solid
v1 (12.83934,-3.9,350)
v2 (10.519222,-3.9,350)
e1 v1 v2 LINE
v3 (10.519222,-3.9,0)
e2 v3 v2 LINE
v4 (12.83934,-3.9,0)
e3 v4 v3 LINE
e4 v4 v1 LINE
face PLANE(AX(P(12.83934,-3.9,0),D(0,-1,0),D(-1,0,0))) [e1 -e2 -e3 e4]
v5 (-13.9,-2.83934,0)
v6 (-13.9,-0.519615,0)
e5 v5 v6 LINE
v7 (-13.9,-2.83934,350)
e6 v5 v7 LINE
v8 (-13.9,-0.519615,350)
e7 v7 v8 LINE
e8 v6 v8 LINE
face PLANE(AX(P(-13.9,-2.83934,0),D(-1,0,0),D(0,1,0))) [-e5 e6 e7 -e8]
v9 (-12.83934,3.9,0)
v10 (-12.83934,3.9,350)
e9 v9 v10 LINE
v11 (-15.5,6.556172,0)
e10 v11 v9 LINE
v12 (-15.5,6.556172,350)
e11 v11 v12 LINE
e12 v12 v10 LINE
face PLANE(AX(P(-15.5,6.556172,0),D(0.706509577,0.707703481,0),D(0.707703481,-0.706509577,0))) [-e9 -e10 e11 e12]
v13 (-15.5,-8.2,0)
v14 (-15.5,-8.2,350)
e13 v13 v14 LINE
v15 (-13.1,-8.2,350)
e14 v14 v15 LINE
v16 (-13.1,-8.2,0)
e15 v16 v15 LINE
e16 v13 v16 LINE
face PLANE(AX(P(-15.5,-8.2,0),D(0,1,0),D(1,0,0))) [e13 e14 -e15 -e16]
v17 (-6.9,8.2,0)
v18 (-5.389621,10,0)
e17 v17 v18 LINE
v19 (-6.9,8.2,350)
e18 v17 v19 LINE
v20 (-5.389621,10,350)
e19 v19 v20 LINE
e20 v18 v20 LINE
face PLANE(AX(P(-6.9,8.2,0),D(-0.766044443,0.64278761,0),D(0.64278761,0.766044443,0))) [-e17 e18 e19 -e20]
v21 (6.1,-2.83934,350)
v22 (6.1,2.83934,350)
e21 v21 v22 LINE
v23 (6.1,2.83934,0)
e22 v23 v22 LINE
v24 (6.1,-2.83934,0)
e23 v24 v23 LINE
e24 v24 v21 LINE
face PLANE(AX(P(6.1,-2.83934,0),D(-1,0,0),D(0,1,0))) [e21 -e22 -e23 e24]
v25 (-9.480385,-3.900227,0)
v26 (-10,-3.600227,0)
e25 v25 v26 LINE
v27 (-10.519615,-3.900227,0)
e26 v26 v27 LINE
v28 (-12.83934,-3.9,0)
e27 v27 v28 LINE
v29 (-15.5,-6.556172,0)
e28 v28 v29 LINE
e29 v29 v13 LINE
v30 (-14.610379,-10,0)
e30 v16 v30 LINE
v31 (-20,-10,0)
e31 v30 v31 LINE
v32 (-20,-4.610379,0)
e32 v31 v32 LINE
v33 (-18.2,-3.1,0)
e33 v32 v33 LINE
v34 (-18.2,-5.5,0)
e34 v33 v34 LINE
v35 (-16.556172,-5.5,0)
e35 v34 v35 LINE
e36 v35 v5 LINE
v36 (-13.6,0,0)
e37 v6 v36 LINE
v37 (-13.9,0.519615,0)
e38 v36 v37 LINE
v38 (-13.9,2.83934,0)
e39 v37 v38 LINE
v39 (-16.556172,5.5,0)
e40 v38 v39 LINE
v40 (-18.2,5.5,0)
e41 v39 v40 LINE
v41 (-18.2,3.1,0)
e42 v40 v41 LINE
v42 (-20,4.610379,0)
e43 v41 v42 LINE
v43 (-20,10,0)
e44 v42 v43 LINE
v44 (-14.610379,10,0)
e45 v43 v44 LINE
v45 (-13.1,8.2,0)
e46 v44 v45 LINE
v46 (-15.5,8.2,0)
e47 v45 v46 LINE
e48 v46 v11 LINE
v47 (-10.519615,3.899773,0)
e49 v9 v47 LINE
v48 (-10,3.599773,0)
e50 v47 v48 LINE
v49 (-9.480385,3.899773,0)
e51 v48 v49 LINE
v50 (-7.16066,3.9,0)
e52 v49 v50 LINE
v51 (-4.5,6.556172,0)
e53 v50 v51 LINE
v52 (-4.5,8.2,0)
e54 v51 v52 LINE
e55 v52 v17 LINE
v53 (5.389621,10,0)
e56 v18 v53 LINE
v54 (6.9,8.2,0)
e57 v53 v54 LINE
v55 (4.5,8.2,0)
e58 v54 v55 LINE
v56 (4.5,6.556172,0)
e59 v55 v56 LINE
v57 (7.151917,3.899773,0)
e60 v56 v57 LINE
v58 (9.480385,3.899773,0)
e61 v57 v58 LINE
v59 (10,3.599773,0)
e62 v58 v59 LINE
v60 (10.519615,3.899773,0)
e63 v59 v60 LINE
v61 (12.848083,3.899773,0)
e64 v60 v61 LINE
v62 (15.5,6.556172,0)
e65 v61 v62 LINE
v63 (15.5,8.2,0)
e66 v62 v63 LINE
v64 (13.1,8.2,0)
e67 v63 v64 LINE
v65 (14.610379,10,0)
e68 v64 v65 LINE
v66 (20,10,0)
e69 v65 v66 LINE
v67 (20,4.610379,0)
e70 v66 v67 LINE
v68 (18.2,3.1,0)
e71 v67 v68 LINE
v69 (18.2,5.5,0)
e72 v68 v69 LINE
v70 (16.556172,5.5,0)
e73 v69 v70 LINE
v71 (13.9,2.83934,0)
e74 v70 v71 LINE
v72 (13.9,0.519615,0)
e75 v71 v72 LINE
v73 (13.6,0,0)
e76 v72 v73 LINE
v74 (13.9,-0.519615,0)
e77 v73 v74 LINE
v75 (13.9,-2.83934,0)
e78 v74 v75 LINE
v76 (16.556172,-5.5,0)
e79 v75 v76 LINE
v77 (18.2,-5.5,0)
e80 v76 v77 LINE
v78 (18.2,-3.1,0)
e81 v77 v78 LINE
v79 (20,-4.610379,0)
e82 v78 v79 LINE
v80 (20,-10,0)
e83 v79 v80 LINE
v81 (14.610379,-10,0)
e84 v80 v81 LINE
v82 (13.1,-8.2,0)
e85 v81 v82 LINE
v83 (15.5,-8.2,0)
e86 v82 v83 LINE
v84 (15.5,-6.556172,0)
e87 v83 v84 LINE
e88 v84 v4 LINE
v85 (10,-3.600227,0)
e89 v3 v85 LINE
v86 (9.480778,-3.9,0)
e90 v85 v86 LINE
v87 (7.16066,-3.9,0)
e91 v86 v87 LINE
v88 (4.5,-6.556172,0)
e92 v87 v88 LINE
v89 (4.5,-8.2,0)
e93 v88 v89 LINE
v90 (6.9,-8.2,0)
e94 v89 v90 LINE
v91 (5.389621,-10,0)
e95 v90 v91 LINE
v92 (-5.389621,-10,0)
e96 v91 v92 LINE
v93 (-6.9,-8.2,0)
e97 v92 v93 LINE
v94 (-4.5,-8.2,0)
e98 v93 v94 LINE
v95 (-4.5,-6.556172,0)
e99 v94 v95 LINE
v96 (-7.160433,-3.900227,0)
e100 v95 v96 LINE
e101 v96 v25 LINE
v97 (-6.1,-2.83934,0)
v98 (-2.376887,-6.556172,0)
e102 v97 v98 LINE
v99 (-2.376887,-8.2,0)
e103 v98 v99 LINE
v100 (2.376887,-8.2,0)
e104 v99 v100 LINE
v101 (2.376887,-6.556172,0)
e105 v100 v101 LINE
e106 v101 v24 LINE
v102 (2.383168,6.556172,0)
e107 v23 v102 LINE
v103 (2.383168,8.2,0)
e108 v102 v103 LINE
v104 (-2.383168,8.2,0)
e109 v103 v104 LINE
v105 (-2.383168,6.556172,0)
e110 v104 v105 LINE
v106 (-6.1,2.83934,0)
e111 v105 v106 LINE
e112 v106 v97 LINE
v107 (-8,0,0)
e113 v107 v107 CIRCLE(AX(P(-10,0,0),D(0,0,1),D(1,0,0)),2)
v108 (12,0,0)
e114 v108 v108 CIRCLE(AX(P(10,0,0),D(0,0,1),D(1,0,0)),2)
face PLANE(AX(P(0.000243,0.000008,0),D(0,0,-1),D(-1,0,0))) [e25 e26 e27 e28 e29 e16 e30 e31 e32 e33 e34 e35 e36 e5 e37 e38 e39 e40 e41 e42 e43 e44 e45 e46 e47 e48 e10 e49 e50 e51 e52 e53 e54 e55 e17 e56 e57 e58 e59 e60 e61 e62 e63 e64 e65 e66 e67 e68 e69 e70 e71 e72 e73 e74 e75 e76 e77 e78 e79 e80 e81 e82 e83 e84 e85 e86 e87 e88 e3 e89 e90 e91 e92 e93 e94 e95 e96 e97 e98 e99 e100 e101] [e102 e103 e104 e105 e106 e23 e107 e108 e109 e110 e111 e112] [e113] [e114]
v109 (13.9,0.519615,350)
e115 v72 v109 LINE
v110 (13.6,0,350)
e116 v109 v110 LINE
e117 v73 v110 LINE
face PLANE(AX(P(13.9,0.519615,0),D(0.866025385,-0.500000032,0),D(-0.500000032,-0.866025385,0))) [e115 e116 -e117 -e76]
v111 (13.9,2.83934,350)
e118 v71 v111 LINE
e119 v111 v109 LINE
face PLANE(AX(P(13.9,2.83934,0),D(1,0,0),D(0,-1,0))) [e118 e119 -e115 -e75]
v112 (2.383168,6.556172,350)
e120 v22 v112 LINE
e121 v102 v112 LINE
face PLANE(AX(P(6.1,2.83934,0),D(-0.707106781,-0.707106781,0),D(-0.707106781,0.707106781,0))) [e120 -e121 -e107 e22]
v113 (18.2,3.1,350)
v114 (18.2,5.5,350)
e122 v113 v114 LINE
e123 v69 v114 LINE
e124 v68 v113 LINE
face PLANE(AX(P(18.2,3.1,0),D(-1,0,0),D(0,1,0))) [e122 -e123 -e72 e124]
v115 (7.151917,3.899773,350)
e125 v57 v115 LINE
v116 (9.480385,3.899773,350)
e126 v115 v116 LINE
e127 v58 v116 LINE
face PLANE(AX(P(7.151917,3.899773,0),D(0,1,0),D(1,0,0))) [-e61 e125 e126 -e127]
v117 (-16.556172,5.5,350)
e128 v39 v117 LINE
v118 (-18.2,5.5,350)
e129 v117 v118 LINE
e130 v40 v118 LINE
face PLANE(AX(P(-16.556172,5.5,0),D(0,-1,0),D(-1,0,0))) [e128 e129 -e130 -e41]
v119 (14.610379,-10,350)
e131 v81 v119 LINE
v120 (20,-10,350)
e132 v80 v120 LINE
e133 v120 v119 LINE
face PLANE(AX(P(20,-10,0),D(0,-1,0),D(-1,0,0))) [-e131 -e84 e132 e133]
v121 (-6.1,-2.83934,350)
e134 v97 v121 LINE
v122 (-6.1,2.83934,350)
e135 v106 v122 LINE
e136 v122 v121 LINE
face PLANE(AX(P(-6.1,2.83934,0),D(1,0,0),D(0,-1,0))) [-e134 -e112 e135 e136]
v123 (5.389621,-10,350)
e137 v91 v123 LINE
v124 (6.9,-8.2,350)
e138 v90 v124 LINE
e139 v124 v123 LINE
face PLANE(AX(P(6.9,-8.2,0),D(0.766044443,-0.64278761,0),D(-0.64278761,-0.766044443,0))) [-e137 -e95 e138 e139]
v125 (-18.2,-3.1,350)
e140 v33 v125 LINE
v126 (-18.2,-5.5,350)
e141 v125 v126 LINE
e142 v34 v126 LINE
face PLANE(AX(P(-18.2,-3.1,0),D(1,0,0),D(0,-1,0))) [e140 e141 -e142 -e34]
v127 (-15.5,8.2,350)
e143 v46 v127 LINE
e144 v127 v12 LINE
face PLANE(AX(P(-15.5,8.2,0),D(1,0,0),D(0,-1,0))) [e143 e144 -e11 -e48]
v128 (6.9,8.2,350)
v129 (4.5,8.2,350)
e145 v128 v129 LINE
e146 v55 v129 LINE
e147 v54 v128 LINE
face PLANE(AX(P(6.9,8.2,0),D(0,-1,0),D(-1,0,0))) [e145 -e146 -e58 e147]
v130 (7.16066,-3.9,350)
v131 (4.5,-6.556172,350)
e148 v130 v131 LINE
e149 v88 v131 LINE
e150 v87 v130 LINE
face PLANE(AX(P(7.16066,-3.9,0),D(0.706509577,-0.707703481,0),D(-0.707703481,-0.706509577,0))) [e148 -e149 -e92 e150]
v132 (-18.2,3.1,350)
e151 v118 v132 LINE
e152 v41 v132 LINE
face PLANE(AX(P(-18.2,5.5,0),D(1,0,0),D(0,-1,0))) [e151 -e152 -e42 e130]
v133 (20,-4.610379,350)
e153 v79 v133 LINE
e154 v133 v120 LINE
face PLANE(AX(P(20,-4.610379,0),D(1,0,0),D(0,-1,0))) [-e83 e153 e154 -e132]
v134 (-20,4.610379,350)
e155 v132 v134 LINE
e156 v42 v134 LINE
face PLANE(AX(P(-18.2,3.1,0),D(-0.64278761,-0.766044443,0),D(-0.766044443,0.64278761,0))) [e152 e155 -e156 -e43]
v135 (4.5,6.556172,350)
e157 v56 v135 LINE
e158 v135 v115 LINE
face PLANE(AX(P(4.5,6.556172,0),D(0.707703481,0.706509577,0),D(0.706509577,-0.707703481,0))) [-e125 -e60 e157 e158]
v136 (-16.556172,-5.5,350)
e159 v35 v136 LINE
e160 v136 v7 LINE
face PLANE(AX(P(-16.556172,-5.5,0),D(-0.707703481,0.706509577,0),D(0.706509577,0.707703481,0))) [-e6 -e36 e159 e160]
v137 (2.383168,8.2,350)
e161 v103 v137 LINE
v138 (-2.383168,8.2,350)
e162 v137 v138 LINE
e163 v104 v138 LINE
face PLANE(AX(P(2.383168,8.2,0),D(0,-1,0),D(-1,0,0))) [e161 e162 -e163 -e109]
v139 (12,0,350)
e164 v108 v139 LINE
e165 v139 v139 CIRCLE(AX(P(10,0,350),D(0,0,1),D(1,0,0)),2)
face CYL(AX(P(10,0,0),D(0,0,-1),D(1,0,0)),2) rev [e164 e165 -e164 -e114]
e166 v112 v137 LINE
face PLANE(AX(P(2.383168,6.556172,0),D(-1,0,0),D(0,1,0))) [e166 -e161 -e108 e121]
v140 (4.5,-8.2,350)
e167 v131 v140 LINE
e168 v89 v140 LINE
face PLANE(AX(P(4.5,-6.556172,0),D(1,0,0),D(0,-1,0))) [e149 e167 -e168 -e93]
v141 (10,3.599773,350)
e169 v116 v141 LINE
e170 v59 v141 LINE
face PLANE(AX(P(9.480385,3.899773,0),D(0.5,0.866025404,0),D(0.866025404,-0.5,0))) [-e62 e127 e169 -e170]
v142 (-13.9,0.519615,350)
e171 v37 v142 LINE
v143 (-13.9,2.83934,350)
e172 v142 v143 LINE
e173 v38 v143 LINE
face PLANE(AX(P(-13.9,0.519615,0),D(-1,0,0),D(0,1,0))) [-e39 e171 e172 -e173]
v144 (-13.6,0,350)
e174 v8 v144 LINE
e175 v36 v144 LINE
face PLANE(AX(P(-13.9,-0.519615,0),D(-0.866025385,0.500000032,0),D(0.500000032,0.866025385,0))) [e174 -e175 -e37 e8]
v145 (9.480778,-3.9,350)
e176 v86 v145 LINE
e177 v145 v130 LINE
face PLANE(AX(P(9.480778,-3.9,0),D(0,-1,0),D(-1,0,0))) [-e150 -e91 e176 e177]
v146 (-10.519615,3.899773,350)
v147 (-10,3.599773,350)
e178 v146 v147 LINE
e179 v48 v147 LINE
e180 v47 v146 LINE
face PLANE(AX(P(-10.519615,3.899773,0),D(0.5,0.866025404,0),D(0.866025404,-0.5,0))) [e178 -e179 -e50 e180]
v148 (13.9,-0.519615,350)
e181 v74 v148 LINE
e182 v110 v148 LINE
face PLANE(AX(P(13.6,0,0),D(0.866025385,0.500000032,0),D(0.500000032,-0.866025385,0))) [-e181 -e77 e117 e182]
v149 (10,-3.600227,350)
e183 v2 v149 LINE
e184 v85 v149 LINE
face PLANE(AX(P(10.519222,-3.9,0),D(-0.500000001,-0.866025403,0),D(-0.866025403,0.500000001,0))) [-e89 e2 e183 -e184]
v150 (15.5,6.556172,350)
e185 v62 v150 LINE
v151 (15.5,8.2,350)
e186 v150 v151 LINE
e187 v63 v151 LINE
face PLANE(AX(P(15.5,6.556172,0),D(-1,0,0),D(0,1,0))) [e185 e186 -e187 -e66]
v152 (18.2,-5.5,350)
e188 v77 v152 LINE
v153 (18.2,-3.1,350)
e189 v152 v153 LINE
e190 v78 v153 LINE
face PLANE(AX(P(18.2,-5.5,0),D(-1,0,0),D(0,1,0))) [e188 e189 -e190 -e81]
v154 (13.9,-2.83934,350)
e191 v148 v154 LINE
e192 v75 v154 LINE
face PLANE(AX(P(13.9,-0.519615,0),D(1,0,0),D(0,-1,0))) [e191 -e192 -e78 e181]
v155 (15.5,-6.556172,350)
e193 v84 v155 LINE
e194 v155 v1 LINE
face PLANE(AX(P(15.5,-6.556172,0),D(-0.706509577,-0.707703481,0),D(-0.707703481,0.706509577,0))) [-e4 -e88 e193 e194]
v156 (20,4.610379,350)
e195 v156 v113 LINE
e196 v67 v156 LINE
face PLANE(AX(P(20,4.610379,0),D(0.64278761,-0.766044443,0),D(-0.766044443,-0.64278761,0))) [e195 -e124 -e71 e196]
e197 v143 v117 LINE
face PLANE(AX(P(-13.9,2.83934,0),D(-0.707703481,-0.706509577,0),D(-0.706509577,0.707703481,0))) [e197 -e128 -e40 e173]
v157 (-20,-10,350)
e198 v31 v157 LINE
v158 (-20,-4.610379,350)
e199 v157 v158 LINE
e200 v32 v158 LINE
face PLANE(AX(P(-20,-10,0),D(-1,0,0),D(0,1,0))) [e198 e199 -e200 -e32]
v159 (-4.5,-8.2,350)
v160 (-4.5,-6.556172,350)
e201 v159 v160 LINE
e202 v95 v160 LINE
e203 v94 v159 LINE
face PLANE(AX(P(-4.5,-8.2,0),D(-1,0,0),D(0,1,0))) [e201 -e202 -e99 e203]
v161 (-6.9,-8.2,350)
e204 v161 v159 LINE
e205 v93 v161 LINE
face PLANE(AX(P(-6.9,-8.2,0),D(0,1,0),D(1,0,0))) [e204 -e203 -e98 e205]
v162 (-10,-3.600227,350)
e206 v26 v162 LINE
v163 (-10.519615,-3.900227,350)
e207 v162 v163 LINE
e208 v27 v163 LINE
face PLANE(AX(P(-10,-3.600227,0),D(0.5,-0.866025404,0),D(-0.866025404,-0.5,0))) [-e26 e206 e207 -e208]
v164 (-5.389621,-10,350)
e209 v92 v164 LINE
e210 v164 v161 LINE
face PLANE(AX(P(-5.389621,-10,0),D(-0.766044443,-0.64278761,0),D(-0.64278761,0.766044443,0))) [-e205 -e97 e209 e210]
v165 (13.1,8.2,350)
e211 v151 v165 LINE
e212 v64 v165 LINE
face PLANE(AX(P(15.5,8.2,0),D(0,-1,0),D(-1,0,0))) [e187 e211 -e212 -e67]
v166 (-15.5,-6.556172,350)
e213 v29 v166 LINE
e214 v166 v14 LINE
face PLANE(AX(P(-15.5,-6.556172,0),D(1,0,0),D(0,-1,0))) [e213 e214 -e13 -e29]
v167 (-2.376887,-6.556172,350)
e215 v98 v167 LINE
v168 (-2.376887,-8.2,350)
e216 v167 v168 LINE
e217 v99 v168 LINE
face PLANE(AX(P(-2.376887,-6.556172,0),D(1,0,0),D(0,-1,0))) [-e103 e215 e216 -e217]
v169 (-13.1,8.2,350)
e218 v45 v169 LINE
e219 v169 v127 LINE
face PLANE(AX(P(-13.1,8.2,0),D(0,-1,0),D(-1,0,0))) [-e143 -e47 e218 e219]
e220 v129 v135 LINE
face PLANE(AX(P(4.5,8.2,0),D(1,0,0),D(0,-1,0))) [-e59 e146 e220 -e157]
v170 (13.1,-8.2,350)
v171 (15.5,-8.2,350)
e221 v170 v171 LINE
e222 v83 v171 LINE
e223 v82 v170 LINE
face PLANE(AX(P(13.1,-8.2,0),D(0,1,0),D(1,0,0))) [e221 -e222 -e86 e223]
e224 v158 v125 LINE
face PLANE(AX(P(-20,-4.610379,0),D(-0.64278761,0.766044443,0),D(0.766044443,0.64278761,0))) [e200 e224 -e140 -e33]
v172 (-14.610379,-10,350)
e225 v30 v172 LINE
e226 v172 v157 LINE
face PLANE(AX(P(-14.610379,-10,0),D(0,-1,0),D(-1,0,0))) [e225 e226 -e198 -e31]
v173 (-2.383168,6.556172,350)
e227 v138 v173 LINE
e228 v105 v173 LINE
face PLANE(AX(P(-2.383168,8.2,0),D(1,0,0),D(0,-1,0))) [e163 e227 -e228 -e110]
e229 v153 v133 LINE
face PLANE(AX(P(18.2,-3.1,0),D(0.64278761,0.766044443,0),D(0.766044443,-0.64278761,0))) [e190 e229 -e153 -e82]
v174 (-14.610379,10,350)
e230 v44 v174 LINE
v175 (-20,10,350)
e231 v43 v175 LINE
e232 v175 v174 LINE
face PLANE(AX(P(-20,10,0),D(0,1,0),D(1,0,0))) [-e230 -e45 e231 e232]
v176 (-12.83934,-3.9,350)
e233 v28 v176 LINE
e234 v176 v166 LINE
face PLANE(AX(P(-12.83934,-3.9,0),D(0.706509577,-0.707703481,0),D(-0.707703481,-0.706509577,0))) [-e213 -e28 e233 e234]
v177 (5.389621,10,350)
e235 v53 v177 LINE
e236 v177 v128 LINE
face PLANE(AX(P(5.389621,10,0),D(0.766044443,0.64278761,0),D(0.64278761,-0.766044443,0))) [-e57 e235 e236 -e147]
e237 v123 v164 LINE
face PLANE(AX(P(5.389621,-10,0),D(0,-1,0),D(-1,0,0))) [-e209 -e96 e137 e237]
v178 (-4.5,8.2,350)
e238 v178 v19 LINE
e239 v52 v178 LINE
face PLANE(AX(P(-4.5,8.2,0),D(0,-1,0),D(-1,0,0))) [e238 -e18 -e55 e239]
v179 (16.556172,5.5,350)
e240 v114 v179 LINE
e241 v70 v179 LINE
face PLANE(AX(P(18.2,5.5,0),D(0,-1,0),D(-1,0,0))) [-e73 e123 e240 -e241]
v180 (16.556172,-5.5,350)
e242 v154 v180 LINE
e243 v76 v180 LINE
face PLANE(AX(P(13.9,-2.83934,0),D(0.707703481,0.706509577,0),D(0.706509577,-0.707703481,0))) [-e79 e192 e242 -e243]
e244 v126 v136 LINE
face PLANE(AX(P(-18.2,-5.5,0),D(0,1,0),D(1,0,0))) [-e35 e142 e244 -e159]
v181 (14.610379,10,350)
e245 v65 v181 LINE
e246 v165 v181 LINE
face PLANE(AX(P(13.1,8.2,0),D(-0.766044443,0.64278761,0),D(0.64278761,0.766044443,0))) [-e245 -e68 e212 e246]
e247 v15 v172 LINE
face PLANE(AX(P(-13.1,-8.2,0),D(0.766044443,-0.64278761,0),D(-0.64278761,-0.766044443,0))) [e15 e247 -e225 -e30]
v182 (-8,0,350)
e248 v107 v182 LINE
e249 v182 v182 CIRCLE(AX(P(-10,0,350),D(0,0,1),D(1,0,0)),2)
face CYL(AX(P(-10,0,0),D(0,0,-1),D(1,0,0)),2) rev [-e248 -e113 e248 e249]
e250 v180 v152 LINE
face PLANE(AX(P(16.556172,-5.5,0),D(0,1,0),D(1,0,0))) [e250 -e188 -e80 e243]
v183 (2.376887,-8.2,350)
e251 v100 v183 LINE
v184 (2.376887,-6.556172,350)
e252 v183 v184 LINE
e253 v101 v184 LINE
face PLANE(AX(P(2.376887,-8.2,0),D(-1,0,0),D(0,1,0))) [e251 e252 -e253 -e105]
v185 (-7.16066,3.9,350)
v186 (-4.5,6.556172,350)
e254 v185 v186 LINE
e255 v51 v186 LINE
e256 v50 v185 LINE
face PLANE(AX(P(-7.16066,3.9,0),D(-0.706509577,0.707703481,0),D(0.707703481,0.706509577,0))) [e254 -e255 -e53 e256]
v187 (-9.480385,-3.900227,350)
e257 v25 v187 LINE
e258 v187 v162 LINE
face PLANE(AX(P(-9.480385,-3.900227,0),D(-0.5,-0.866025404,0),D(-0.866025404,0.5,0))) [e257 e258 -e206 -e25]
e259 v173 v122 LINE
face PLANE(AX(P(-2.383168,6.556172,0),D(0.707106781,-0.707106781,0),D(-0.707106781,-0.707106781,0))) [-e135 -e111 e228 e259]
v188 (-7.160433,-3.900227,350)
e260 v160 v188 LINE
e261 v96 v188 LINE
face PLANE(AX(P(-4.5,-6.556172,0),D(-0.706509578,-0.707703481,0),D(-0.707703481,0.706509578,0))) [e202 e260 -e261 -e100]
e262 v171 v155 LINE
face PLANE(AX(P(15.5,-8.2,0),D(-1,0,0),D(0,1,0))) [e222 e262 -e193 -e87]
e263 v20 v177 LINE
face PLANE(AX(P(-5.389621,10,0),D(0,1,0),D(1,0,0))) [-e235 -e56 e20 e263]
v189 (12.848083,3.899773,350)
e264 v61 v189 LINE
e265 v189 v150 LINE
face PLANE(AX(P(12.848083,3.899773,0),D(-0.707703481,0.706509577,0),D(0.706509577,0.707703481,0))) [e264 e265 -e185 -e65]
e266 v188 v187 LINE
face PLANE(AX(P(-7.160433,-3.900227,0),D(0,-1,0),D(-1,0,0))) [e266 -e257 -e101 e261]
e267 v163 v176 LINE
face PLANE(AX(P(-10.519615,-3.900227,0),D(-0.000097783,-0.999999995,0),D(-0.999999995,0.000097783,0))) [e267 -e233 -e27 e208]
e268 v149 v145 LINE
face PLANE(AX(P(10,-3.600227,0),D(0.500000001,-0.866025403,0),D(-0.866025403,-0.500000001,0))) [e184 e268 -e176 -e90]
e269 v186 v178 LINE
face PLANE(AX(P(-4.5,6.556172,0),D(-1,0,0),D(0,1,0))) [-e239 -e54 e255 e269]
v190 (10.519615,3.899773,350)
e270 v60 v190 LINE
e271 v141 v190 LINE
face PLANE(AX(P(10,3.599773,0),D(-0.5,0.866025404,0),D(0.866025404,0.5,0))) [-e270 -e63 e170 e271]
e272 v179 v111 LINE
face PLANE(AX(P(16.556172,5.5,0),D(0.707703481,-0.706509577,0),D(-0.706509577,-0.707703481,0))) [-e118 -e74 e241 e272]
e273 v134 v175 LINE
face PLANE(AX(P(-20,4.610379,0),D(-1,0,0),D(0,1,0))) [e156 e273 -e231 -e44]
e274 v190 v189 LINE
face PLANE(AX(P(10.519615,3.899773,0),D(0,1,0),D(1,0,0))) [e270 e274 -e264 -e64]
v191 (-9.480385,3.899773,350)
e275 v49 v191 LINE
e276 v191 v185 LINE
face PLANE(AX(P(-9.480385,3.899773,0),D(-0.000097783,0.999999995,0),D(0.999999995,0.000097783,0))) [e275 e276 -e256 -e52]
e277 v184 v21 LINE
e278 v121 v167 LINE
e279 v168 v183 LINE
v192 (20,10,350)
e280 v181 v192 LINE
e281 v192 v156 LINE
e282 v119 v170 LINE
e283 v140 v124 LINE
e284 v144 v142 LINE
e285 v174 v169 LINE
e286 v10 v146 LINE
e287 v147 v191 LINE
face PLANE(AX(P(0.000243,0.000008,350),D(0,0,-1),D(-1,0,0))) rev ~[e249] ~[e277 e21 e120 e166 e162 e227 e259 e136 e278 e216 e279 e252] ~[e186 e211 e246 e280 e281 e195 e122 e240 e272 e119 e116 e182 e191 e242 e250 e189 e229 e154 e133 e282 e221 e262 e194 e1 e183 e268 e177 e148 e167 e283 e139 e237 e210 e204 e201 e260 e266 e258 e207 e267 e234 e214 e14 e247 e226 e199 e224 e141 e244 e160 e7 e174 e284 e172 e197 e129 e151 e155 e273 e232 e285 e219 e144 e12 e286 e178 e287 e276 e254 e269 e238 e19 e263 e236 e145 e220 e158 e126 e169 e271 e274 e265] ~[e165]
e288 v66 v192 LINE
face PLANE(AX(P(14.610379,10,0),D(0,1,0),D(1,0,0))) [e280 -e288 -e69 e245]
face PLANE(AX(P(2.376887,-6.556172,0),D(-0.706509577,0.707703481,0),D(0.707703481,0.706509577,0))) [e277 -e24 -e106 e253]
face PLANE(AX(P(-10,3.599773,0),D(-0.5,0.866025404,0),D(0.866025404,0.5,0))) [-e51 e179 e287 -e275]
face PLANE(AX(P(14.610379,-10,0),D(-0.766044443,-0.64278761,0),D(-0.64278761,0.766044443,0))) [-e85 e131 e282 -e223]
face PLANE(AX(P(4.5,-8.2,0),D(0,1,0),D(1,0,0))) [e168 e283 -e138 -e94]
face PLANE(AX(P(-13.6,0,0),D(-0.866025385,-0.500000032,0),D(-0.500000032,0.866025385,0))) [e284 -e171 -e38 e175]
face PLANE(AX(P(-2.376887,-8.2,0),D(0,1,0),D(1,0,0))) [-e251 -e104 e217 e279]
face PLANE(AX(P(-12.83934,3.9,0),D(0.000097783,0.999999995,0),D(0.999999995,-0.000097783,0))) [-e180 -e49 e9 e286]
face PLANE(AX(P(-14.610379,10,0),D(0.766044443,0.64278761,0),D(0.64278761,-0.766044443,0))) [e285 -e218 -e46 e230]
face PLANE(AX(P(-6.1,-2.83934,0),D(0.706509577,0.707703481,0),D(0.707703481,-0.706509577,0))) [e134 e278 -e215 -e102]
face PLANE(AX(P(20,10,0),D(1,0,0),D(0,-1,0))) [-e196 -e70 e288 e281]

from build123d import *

# Parameters (mm, degrees)
SKETCH1_R           = 2
BOSS_EXTRUDE1_DEPTH = 350


with BuildPart() as part:
    # Sketch1 → Boss-Extrude1 (new body)
    with BuildSketch(Plane.XY):
        Polygon((-5.389620664, 10), (5.389620664, 10), (6.9, 8.2), (4.5, 8.2), (4.5, 6.556171609), (7.151917065, 3.899773171), (9.480384758, 3.899773171), (10, 3.599773171), (10.519615242, 3.899773171), (12.848082935, 3.899773171), (15.5, 6.556171609), (15.5, 8.2), (13.1, 8.2), (14.610379336, 10), (20, 10), (20, 4.610379336), (18.2, 3.1), (18.2, 5.5), (16.556171609, 5.5), (13.9, 2.839339828), (13.9, 0.519615231), (13.599999981, 0), (13.9, -0.519615231), (13.9, -2.839339828), (16.556171609, -5.5), (18.2, -5.5), (18.2, -3.1), (20, -4.610379336), (20, -10), (14.610379336, -10), (13.1, -8.2), (15.5, -8.2), (15.5, -6.556171609), (12.839339828, -3.9), (10.519222362, -3.9), (10, -3.600226829), (9.480777638, -3.9), (7.160660172, -3.9), (4.5, -6.556171609), (4.5, -8.2), (6.9, -8.2), (5.389620664, -10), (-5.389620664, -10), (-6.9, -8.2), (-4.5, -8.2), (-4.5, -6.556171609), (-7.160432959, -3.900226829), (-9.480384758, -3.900226829), (-10, -3.600226829), (-10.519615242, -3.900226829), (-12.839339828, -3.9), (-15.5, -6.556171609), (-15.5, -8.2), (-13.1, -8.2), (-14.610379336, -10), (-20, -10), (-20, -4.610379336), (-18.2, -3.1), (-18.2, -5.5), (-16.556171609, -5.5), (-13.9, -2.839339828), (-13.9, -0.519615231), (-13.599999981, 0), (-13.9, 0.519615231), (-13.9, 2.839339828), (-16.556171609, 5.5), (-18.2, 5.5), (-18.2, 3.1), (-20, 4.610379336), (-20, 10), (-14.610379336, 10), (-13.1, 8.2), (-15.5, 8.2), (-15.5, 6.556171609), (-12.839339828, 3.9), (-10.519615242, 3.899773171), (-10, 3.599773171), (-9.480384758, 3.899773171), (-7.160660172, 3.9), (-4.5, 6.556171609), (-4.5, 8.2), (-6.9, 8.2), align=None)
        with Locations((-10, 0)):
            Circle(SKETCH1_R, mode=Mode.SUBTRACT)
        with Locations((10, 0)):
            Circle(SKETCH1_R, mode=Mode.SUBTRACT)
        Polygon((-6.1, -2.839339828), (-2.376887287, -6.556171609), (-2.376887287, -8.2), (2.376887287, -8.2), (2.376887287, -6.556171609), (6.1, -2.839339828), (6.1, 2.839339828), (2.383168219, 6.556171609), (2.383168219, 8.2), (-2.383168219, 8.2), (-2.383168219, 6.556171609), (-6.1, 2.839339828), align=None, mode=Mode.SUBTRACT)
    extrude(amount=BOSS_EXTRUDE1_DEPTH)


solid = part.part
